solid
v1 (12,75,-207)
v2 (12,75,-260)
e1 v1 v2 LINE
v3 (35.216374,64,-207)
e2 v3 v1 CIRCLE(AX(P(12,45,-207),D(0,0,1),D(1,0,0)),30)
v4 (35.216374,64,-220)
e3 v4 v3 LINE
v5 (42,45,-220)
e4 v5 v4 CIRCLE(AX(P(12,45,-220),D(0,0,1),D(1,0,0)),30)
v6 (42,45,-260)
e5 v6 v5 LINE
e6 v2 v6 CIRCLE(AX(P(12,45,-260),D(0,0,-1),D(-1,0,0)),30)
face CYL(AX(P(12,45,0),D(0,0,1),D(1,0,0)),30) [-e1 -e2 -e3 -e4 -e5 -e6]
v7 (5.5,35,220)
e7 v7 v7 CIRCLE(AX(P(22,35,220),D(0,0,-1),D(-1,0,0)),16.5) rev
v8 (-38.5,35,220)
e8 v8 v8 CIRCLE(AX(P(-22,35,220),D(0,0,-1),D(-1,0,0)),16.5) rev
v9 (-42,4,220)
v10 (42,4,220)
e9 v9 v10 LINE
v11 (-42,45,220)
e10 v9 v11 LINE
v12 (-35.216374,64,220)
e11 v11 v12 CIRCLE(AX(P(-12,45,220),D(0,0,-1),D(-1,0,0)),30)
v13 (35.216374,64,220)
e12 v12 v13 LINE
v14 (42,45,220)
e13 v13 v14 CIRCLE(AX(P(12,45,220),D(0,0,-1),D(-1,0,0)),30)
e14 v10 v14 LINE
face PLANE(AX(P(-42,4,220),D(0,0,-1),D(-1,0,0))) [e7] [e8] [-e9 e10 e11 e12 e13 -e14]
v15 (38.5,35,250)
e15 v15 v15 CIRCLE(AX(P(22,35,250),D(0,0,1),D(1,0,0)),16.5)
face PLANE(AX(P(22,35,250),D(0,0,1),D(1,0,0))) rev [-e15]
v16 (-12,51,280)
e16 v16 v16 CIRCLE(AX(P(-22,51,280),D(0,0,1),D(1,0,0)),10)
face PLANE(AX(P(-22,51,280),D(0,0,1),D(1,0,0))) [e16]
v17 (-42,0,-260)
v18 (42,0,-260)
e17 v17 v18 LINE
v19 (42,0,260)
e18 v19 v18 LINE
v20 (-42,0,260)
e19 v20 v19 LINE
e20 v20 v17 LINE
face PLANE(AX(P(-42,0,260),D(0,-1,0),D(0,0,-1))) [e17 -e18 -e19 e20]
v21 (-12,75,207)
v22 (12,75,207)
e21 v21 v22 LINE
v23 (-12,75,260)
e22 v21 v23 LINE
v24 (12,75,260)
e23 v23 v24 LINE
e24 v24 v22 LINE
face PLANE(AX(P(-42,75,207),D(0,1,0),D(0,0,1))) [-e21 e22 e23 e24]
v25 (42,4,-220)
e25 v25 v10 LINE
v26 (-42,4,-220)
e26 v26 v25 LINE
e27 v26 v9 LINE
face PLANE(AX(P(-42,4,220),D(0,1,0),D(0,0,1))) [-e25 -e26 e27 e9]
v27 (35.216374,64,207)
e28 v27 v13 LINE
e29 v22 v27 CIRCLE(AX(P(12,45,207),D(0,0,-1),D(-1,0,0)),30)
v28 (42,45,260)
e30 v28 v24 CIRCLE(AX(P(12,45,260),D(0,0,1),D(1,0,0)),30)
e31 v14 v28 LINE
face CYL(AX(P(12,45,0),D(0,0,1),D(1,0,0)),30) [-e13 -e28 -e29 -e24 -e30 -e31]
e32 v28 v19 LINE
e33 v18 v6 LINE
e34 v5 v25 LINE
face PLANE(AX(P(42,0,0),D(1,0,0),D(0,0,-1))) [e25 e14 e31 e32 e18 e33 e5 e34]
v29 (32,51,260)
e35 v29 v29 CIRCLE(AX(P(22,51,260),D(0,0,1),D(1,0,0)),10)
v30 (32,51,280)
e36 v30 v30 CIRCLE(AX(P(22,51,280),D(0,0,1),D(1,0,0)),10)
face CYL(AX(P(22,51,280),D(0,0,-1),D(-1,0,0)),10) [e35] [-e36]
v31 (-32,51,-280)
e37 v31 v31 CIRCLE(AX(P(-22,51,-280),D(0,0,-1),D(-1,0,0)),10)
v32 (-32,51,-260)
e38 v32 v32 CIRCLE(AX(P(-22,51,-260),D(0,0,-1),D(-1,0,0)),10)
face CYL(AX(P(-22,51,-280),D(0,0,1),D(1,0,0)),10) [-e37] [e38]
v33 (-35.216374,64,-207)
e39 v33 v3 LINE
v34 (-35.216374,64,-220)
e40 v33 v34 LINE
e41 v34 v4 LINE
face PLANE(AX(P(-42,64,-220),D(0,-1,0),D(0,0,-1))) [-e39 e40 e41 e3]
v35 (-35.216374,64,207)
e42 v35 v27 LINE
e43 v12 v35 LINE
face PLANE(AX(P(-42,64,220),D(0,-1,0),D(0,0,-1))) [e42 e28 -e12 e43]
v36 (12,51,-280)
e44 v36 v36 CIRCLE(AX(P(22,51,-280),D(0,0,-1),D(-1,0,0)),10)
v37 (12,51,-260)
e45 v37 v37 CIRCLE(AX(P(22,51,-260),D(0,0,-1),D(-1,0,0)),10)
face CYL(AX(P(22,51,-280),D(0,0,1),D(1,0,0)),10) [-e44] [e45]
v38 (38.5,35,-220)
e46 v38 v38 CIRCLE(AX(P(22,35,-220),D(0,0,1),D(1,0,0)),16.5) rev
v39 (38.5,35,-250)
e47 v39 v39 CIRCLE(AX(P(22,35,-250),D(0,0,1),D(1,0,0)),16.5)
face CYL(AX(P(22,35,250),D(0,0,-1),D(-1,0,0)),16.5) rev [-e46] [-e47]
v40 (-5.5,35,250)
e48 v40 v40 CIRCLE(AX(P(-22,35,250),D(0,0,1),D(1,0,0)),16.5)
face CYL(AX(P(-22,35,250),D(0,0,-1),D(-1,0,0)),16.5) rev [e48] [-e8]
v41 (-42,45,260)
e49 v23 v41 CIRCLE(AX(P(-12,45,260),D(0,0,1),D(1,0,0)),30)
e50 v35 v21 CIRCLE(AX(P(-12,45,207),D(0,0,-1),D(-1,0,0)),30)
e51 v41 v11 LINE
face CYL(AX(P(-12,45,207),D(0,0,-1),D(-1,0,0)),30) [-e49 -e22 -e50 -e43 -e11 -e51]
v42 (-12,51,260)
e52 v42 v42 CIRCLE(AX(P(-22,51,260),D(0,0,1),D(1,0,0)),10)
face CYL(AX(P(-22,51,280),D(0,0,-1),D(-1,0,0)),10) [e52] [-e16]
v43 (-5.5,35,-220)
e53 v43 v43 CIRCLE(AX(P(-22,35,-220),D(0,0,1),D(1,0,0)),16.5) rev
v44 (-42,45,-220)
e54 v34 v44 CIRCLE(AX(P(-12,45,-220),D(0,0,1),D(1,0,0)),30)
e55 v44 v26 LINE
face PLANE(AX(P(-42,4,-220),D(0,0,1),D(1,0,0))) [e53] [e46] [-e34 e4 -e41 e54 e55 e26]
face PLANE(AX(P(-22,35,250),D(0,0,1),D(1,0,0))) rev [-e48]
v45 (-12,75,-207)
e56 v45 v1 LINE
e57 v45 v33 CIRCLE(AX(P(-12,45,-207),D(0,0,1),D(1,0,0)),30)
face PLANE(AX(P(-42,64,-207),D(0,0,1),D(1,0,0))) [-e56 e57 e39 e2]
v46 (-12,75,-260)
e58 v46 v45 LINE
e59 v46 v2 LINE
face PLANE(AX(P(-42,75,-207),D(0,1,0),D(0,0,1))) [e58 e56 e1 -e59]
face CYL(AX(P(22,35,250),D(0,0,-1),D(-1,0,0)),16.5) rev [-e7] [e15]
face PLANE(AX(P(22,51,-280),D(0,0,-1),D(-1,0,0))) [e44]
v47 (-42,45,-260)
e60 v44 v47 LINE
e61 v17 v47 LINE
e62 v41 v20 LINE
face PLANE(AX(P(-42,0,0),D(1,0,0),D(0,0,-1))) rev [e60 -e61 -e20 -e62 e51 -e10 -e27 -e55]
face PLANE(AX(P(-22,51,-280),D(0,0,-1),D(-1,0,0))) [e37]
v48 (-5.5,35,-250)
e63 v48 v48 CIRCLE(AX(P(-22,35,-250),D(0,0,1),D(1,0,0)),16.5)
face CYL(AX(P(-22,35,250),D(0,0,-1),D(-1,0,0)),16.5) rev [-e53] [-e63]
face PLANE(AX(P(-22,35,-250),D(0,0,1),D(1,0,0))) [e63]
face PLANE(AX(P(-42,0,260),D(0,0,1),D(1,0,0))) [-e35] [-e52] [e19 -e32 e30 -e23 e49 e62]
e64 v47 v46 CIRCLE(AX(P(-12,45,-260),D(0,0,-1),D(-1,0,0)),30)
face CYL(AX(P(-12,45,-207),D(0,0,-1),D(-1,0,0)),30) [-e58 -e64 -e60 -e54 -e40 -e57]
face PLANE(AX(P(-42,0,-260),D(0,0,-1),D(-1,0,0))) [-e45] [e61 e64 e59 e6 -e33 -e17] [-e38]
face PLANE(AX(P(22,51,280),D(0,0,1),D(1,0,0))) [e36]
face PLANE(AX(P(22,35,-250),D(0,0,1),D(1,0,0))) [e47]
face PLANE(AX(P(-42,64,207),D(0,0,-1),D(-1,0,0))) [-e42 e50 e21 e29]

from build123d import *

# Parameters (mm, degrees)
BOSS_EXTRUDE1_DEPTH      = 42
BOSS_EXTRUDE1_DEPTH_BACK = 42
FILLET1_R                = 30
CUT_EXTRUDE1_DEPTH       = 250
CUT_EXTRUDE1_DEPTH_BACK  = 250
SKETCH2_R                = 16.5
SKETCH3_R                = 10
BOSS_EXTRUDE2_DEPTH      = 20
BOSS_EXTRUDE3_START      = 20
SKETCH4_R                = 10
BOSS_EXTRUDE3_DEPTH      = 20


with BuildPart() as part:
    # Sketch1 → Boss-Extrude1 (new, two sides: drawn at the far end of the back side and taken through both)
    with BuildSketch(Plane(origin=(0, 0, 0), x_dir=(0, 0, -1), z_dir=(1, 0, 0)).offset(-BOSS_EXTRUDE1_DEPTH_BACK)):
        Polygon((-260, 0), (260, 0), (260, 75), (207, 75), (207, 64), (220, 64), (220, 4), (-220, 4), (-220, 64), (-207, 64), (-207, 75), (-260, 75), align=None)
    extrude(amount=BOSS_EXTRUDE1_DEPTH + BOSS_EXTRUDE1_DEPTH_BACK)

    # Fillet1
    fillet1_edges = [part.edges().sort_by_distance(p)[0] for p in [
        (-42, 75, -233.5),
        (42, 75, -233.5),
        (-42, 75, 233.5),
        (42, 75, 233.5),
    ]]
    fillet(fillet1_edges, radius=FILLET1_R)

    # Sketch2 → Cut-Extrude1 (cut, two sides: drawn at the far end of the back side and taken through both)
    with BuildSketch(Plane.XY.offset(-CUT_EXTRUDE1_DEPTH_BACK)):
        with Locations((22, 35)):
            Circle(SKETCH2_R)
        with Locations((-22, 35)):
            Circle(SKETCH2_R)
    extrude(amount=CUT_EXTRUDE1_DEPTH + CUT_EXTRUDE1_DEPTH_BACK, mode=Mode.SUBTRACT)

    # Sketch3 → Boss-Extrude2 (add)
    with BuildSketch(Plane.XY.offset(260)):
        with Locations((22, 51)):
            Circle(SKETCH3_R)
        with Locations((-22, 51)):
            Circle(SKETCH3_R)
    extrude(amount=BOSS_EXTRUDE2_DEPTH)

    # Sketch4 → Boss-Extrude3 (add)
    with BuildSketch(Plane(origin=(0, 0, -260), x_dir=(-1, 0, 0), z_dir=(0, 0, -1)).offset(BOSS_EXTRUDE3_START)):
        with Locations((22, 51)):
            Circle(SKETCH4_R)
        with Locations((-22, 51)):
            Circle(SKETCH4_R)
    extrude(amount=-BOSS_EXTRUDE3_DEPTH)


solid = part.part
